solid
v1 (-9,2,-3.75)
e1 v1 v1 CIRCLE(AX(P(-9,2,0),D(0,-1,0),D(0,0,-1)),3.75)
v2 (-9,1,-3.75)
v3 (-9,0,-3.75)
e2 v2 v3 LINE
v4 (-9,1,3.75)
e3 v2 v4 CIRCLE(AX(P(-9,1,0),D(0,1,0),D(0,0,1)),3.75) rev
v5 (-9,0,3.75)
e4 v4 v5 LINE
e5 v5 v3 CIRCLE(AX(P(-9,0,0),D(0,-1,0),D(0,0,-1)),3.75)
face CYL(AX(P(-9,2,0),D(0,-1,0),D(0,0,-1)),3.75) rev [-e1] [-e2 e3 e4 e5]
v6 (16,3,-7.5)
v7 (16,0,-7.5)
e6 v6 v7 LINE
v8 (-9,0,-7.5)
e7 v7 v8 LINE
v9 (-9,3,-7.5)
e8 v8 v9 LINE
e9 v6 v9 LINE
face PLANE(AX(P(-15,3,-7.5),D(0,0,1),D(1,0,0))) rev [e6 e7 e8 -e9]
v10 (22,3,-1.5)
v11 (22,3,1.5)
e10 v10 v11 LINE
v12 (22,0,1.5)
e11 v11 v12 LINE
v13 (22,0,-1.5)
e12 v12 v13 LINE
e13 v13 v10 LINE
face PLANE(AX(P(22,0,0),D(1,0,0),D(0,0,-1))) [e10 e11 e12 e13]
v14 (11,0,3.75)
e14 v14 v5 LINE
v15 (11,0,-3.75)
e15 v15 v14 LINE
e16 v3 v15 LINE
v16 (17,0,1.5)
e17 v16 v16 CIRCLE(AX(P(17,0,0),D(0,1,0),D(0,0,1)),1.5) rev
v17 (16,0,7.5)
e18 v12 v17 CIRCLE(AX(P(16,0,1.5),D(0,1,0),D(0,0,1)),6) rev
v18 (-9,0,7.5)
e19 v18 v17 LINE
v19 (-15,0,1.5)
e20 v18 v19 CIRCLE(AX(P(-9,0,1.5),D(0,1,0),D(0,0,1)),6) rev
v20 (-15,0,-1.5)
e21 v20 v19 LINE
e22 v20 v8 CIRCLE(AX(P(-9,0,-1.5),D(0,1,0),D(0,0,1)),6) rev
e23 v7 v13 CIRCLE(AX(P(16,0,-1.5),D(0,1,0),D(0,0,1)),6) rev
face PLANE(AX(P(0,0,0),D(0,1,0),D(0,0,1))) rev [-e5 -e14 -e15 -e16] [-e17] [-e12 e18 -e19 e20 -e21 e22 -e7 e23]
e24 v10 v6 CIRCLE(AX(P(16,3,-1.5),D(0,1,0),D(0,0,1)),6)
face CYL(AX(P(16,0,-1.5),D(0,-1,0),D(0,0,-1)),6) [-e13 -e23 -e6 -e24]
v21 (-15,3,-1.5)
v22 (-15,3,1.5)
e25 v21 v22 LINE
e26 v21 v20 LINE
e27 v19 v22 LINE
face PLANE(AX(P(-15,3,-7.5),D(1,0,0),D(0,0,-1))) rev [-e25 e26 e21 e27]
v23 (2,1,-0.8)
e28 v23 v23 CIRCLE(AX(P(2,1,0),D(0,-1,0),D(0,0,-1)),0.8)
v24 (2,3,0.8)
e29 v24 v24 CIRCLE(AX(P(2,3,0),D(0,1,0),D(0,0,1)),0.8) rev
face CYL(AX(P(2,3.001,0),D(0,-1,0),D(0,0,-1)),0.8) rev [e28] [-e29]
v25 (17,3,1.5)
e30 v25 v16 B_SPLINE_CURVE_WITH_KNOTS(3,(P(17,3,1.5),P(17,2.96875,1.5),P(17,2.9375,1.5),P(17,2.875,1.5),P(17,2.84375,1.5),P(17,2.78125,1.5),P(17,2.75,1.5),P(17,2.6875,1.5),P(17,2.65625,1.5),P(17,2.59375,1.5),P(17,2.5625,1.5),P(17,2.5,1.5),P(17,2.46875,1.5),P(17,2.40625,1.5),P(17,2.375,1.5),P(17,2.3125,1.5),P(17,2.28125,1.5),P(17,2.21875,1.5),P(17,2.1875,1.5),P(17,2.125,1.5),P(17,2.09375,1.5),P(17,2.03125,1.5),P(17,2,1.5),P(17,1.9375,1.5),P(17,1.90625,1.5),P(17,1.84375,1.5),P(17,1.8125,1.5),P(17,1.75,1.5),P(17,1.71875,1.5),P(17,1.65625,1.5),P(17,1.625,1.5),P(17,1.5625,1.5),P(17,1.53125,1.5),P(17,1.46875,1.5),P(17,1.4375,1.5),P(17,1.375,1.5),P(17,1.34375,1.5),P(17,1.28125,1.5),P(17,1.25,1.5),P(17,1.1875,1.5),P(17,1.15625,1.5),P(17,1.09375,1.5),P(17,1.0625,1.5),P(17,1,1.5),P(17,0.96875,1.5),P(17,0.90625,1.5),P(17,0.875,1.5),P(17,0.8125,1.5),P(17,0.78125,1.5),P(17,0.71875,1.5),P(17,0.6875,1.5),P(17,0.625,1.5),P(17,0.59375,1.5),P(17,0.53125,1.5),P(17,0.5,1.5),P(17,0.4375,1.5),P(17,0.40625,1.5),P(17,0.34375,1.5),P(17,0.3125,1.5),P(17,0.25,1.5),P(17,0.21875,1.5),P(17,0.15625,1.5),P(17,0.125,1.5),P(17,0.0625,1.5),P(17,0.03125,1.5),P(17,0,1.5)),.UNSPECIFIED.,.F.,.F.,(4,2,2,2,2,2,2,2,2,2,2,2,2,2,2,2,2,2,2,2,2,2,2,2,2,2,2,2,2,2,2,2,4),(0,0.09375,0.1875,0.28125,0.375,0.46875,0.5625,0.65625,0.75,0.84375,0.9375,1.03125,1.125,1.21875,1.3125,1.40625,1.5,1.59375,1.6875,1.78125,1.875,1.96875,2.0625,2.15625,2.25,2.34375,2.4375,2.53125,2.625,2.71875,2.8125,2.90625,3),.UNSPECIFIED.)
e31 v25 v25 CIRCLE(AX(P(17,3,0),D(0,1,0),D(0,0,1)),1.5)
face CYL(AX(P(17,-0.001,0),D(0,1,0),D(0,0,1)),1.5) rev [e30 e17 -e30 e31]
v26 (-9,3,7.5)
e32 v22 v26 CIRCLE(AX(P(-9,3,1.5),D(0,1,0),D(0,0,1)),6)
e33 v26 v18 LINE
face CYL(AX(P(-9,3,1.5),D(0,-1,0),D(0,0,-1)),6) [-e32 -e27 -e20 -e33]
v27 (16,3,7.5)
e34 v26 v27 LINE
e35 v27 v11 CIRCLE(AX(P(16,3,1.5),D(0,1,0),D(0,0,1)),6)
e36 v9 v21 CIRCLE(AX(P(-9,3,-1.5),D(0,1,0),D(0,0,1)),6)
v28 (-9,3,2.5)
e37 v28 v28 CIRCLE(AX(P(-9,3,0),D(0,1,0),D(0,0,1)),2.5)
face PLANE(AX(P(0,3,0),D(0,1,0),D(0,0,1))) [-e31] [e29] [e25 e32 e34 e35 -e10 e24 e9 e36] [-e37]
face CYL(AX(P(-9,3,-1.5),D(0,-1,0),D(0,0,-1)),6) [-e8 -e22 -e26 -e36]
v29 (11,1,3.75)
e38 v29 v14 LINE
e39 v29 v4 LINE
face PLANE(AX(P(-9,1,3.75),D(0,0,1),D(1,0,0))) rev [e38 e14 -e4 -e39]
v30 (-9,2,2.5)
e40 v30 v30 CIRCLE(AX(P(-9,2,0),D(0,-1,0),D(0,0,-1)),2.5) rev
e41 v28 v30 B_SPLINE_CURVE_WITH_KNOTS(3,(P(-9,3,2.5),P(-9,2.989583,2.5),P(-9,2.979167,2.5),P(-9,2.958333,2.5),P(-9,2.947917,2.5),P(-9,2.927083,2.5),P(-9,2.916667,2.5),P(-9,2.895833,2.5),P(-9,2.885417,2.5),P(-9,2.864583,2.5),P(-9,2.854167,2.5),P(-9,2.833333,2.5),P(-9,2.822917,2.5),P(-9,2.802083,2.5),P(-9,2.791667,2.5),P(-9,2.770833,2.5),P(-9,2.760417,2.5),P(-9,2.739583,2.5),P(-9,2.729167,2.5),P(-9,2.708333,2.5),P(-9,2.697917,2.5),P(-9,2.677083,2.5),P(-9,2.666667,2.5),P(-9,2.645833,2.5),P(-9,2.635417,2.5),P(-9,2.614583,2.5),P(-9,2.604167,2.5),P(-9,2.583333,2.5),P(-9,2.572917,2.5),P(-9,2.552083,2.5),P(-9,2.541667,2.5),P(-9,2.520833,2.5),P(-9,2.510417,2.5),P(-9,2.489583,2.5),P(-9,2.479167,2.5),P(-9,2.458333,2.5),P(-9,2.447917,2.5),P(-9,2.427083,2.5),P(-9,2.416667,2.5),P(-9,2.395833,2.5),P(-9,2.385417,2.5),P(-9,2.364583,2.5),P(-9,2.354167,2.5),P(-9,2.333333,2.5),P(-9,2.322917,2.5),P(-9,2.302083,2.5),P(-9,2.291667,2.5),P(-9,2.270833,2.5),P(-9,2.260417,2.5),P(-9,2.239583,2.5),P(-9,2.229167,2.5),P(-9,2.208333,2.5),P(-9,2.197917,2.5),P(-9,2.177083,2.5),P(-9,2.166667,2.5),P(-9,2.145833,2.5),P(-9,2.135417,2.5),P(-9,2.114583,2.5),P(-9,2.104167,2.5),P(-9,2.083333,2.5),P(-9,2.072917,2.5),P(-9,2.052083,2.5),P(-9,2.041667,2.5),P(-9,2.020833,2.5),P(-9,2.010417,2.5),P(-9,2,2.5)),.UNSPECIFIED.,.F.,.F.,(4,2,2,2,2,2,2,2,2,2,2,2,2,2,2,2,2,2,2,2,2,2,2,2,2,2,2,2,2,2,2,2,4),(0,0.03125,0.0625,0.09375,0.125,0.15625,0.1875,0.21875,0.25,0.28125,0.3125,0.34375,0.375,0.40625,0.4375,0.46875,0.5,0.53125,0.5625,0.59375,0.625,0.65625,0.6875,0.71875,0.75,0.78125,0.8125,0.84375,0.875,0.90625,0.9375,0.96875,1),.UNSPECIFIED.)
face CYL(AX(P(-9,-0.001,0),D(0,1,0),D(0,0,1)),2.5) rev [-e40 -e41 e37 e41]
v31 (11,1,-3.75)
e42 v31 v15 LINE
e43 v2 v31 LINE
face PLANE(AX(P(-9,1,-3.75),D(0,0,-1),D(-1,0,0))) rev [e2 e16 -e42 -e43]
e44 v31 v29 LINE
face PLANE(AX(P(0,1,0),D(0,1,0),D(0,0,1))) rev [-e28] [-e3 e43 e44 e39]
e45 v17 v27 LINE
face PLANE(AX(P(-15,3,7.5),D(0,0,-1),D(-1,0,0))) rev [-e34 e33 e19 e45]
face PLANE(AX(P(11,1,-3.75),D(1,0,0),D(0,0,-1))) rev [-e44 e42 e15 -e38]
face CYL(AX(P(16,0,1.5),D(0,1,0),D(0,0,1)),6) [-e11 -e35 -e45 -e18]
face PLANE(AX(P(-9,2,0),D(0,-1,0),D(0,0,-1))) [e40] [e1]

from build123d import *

# Parameters (mm, degrees)
SKETCH1_W           = 30
SKETCH1_H           = 15
BOSS_EXTRUDE2_DEPTH = 3
CUT_EXTRUDE1_REACH  = 19.037
SKETCH3_R           = 2.5
FILLET1_R           = 6
SKETCH5_W           = 12
SKETCH5_H           = 3
BOSS_EXTRUDE3_DEPTH = 10
SKETCH6_R           = 3.75
CUT_EXTRUDE4_DEPTH  = 2
SKETCH7_W           = 20
SKETCH7_H           = 7.5
CUT_EXTRUDE5_DEPTH  = 1
CUT_EXTRUDE6_REACH  = 25.135
SKETCH8_R           = 0.8
CUT_EXTRUDE7_REACH  = 25.243
SKETCH9_W           = 12
SKETCH9_H           = 10
SKETCH10_W          = 15
SKETCH10_H          = 3
BOSS_EXTRUDE4_DEPTH = 7
CUT_EXTRUDE8_REACH  = 25.436
SKETCH11_R          = 1.5
FILLET2_R           = 6


with BuildPart() as part:
    # Sketch1 → Boss-Extrude2 (new body)
    with BuildSketch(Plane(origin=(0, 0, 0), x_dir=(1, 0, 0), z_dir=(0, 1, 0))):
        Rectangle(SKETCH1_W, SKETCH1_H)
    extrude(amount=BOSS_EXTRUDE2_DEPTH)

    # Sketch3 → Cut-Extrude1 (cut, up to next)
    with BuildSketch(Plane(origin=(0, 3, 0), x_dir=(1, 0, 0), z_dir=(0, 1, 0)), mode=Mode.PRIVATE) as cut_extrude1_sk1:
        with Locations(Location((-9, 0, 0), (0, 0, 270))):
            Circle(SKETCH3_R)
    cut_extrude1_tool1 = extrude(cut_extrude1_sk1.sketch, amount=-CUT_EXTRUDE1_REACH, mode=Mode.PRIVATE) & part.part
    add(cut_extrude1_tool1.solids().sort_by_distance((-9, 3, 0))[0], mode=Mode.SUBTRACT)

    # Fillet1
    fillet1_edges = [part.edges().sort_by_distance(p)[0] for p in [
        (-15, 1.5, 7.5),
        (-15, 1.5, -7.5),
    ]]
    fillet(fillet1_edges, radius=FILLET1_R)

    # Sketch5 → Boss-Extrude3 (add)
    with BuildSketch(Plane.XY.offset(7.5)):
        with Locations((9, 1.5)):
            Rectangle(SKETCH5_W, SKETCH5_H)
    extrude(amount=BOSS_EXTRUDE3_DEPTH)

    # Sketch6 → Cut-Extrude4 (cut)
    with BuildSketch(Plane(origin=(0, 0, 0), x_dir=(-1, 0, 0), z_dir=(0, -1, 0))):
        with Locations(Location((9, 0, 0), (0, 0, 90))):
            Circle(SKETCH6_R)
    extrude(amount=-CUT_EXTRUDE4_DEPTH, mode=Mode.SUBTRACT)

    # Sketch7 → Cut-Extrude5 (cut)
    with BuildSketch(Plane(origin=(0, 0, 0), x_dir=(-1, 0, 0), z_dir=(0, -1, 0))):
        with Locations((-1, 0)):
            Rectangle(SKETCH7_W, SKETCH7_H)
    extrude(amount=-CUT_EXTRUDE5_DEPTH, mode=Mode.SUBTRACT)

    # Sketch8 → Cut-Extrude6 (cut, up to next)
    with BuildSketch(Plane(origin=(0, 1, 0), x_dir=(-1, 0, 0), z_dir=(0, -1, 0)), mode=Mode.PRIVATE) as cut_extrude6_sk1:
        with Locations(Location((-2, 0, 0), (0, 0, 90))):
            Circle(SKETCH8_R)
    cut_extrude6_tool1 = extrude(cut_extrude6_sk1.sketch, amount=-CUT_EXTRUDE6_REACH, mode=Mode.PRIVATE) & part.part
    add(cut_extrude6_tool1.solids().sort_by_distance((2, 1, 0))[0], mode=Mode.SUBTRACT)

    # Sketch9 → Cut-Extrude7 (cut, up to next)
    with BuildSketch(Plane(origin=(0, 0, 0), x_dir=(1, 0, 0), z_dir=(0, 1, 0)), mode=Mode.PRIVATE) as cut_extrude7_sk1:
        with Locations((9, -12.5)):
            Rectangle(SKETCH9_W, SKETCH9_H)
    cut_extrude7_tool1 = extrude(cut_extrude7_sk1.sketch, amount=CUT_EXTRUDE7_REACH, mode=Mode.PRIVATE) & part.part
    add(cut_extrude7_tool1.solids().sort_by_distance((9, 0, 12.5))[0], mode=Mode.SUBTRACT)

    # Sketch10 → Boss-Extrude4 (add)
    with BuildSketch(Plane(origin=(15, 0, 0), x_dir=(0, 0, -1), z_dir=(1, 0, 0))):
        with Locations((0, 1.5)):
            Rectangle(SKETCH10_W, SKETCH10_H)
    extrude(amount=BOSS_EXTRUDE4_DEPTH)

    # Sketch11 → Cut-Extrude8 (cut, up to next)
    with BuildSketch(Plane(origin=(0, 3, 0), x_dir=(1, 0, 0), z_dir=(0, 1, 0)), mode=Mode.PRIVATE) as cut_extrude8_sk1:
        with Locations(Location((17, 0, 0), (0, 0, 270))):
            Circle(SKETCH11_R)
    cut_extrude8_tool1 = extrude(cut_extrude8_sk1.sketch, amount=-CUT_EXTRUDE8_REACH, mode=Mode.PRIVATE) & part.part
    add(cut_extrude8_tool1.solids().sort_by_distance((17, 3, 0))[0], mode=Mode.SUBTRACT)

    # Fillet2
    fillet2_edges = [part.edges().sort_by_distance(p)[0] for p in [
        (22, 1.5, -7.5),
        (22, 1.5, 7.5),
    ]]
    fillet(fillet2_edges, radius=FILLET2_R)


solid = part.part
